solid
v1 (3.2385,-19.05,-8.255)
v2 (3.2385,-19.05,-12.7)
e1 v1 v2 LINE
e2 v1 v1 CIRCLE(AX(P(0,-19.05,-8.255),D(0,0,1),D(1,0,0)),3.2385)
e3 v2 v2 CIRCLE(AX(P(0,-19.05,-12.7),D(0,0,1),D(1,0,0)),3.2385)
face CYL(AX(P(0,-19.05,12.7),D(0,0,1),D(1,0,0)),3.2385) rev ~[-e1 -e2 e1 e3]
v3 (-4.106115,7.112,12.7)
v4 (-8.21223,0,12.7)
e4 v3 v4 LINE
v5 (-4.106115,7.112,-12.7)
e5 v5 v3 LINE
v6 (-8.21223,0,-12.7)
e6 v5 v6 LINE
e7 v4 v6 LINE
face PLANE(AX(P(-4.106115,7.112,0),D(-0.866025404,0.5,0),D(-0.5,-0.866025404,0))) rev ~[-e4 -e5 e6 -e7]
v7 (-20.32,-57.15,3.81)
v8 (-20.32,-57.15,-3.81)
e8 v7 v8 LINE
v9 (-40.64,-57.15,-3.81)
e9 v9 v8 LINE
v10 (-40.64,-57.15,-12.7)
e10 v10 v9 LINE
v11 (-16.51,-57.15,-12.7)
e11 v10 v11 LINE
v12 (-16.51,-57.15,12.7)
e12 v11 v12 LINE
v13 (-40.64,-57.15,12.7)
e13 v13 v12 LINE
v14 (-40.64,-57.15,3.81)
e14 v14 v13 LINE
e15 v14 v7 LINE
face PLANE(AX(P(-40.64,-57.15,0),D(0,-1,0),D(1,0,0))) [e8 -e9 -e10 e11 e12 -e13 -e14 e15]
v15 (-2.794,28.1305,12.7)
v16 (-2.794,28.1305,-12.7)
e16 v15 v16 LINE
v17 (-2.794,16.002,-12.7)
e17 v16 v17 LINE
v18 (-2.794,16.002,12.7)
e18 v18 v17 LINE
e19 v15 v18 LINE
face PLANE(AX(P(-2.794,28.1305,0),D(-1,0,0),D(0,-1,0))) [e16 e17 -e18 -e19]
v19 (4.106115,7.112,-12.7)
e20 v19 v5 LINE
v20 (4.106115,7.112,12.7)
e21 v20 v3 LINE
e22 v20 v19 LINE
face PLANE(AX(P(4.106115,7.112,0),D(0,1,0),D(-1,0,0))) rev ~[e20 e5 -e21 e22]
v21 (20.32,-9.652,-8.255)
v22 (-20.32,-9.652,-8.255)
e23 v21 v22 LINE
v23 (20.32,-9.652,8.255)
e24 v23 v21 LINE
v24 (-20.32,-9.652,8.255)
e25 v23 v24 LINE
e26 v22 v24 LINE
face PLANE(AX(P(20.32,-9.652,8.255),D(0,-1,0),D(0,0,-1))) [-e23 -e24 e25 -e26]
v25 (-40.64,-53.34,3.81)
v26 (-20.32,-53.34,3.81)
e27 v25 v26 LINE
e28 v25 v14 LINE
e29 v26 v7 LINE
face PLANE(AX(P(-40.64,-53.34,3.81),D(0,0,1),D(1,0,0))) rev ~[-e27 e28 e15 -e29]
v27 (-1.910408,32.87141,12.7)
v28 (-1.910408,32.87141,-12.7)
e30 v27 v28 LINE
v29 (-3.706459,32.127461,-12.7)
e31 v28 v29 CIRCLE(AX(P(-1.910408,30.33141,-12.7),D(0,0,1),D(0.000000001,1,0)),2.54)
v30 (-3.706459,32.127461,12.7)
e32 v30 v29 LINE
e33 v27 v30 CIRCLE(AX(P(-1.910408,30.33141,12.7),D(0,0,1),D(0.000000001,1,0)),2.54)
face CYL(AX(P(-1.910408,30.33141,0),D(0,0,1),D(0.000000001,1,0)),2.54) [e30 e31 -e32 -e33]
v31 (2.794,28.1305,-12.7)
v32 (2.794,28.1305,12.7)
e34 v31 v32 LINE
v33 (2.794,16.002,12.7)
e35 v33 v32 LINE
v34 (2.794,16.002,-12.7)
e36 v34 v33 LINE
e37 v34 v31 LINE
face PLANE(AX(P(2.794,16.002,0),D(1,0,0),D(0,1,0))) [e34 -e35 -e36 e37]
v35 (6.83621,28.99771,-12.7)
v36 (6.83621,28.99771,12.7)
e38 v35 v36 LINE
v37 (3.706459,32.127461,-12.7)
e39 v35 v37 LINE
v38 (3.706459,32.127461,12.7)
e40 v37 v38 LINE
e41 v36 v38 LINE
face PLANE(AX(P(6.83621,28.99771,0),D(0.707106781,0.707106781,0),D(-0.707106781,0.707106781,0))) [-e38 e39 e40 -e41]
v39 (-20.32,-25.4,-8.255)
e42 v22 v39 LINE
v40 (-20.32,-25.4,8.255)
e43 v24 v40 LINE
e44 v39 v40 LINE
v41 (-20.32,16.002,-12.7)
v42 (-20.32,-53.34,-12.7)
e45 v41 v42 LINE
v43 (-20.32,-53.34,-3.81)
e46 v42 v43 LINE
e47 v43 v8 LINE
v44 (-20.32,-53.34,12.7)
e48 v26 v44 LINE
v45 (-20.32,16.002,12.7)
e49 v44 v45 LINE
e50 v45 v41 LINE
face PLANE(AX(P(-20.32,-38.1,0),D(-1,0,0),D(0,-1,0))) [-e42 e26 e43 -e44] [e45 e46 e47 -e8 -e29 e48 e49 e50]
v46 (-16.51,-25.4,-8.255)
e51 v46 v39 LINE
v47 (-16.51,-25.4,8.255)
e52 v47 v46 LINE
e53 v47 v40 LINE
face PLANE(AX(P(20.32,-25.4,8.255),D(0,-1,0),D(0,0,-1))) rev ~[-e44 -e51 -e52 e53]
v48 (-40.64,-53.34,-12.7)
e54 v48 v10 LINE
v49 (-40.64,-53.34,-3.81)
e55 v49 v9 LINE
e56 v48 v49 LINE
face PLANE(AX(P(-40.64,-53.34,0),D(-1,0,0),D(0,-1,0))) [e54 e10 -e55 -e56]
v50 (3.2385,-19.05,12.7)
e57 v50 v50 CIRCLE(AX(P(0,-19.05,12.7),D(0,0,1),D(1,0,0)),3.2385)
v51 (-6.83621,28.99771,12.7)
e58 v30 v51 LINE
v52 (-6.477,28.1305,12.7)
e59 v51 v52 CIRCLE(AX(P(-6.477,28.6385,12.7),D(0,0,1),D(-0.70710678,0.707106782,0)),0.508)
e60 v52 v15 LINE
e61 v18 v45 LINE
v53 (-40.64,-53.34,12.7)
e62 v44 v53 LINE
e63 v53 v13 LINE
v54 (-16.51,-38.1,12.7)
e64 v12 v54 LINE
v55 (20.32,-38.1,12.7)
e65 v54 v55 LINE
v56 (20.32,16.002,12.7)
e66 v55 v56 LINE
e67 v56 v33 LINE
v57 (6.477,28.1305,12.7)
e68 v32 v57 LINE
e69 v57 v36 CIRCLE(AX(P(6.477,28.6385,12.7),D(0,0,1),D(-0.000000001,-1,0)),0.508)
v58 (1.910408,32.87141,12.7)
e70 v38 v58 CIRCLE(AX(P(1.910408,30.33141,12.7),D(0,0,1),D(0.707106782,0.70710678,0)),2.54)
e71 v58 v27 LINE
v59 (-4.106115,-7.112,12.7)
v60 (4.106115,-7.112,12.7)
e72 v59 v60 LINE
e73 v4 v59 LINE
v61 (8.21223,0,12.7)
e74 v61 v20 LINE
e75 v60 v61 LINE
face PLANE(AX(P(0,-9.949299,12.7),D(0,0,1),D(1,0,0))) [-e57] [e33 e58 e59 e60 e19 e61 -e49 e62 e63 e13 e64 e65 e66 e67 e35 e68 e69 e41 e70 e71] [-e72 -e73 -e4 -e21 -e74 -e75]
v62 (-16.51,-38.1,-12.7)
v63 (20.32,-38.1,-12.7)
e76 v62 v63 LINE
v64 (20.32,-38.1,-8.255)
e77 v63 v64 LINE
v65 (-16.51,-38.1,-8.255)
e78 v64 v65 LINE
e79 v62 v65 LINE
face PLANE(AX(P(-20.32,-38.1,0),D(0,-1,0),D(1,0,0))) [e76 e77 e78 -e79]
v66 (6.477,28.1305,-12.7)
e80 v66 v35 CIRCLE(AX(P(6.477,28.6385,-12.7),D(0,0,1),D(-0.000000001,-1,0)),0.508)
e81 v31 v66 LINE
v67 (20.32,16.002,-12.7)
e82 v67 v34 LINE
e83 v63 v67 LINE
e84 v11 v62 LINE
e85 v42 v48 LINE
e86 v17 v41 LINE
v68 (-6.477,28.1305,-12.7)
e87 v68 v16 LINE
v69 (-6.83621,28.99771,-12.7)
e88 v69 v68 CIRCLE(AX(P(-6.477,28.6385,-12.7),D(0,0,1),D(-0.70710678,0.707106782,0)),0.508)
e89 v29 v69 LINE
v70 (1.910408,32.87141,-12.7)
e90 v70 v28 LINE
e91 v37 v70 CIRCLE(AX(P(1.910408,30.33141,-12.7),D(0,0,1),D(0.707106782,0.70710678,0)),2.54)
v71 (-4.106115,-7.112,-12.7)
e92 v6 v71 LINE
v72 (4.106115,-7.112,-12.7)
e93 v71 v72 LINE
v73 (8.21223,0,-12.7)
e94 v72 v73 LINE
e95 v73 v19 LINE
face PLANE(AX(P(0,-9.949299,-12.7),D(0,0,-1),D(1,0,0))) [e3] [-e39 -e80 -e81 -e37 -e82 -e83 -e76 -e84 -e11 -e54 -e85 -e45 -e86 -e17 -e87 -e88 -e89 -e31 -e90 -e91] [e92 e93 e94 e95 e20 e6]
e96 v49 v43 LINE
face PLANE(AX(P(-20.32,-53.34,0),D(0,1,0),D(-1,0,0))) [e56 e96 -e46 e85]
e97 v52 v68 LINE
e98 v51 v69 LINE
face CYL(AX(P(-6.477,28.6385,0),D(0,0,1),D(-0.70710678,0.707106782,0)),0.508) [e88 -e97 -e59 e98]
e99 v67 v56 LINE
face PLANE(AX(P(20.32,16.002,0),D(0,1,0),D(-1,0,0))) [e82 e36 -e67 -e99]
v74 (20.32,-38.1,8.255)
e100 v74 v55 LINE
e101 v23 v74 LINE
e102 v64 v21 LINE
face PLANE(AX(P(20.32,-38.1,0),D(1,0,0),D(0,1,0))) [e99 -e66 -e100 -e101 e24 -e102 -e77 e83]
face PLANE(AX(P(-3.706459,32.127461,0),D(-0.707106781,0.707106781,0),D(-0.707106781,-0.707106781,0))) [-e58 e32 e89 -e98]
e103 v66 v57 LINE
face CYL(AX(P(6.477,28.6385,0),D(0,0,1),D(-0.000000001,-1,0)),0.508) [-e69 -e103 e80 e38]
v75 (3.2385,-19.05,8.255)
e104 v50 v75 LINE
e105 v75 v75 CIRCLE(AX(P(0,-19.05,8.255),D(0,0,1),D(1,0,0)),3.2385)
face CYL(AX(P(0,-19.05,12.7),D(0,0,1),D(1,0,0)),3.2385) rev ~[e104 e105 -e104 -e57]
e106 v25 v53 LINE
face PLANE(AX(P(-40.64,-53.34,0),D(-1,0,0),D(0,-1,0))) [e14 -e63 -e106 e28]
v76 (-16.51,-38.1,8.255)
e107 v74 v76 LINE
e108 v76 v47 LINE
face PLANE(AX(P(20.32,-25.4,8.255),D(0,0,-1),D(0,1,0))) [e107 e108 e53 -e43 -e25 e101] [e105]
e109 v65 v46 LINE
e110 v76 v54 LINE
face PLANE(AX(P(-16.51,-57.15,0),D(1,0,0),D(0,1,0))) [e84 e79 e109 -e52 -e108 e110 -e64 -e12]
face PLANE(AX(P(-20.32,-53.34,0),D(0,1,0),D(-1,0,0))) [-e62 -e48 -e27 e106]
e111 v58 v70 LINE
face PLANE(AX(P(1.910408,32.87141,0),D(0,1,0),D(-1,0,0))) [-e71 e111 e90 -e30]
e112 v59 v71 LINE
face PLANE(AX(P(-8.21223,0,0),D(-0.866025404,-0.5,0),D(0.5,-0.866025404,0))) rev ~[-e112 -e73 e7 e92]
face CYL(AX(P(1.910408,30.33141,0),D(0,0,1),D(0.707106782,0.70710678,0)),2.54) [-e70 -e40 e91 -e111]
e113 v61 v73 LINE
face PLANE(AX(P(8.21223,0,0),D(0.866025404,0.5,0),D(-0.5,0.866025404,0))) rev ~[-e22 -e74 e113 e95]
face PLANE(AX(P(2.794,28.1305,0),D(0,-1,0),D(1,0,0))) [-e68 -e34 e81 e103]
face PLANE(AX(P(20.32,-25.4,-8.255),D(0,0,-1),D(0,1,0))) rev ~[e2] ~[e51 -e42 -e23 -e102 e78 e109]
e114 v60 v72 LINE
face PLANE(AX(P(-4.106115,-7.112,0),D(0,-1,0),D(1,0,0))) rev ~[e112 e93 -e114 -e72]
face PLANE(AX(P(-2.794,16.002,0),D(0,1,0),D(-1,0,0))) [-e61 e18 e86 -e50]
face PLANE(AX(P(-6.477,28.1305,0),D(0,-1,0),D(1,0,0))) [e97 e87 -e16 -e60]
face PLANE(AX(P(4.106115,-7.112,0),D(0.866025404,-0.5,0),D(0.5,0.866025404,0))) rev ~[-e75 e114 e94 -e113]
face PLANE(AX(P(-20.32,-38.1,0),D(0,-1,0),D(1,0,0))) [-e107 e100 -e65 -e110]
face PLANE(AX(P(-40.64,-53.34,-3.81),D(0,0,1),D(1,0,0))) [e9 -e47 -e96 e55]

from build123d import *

# Parameters (mm, degrees)
BOSS_EXTRUDE1_DEPTH             = 12.7
BOSS_EXTRUDE4_REACH             = 14.7
BOSS_EXTRUDE4_DIRECTION_2_REACH = 14.7
SKETCH6_W                       = 16.51
SKETCH6_H                       = 15.748
CUT_EXTRUDE2_DEPTH              = 61.96
SKETCH11_W                      = 20.32
SKETCH11_H                      = 7.62
CUT_EXTRUDE3_DEPTH              = 3.81
SKETCH15_R                      = 3.2385
CUT_EXTRUDE4_DEPTH              = 25.4
SKETCH16_W                      = 16.51
SKETCH16_H                      = 12.7
CUT_EXTRUDE5_DEPTH              = 36.83


with BuildPart() as part:
    # Sketch1 → Boss-Extrude1 (new body, symmetric)
    with BuildSketch(Plane.XY):
        with BuildLine():
            Line((-20.32, 16.002), (-20.32, -38.1))
            Line((-20.32, -38.1), (20.32, -38.1))
            Line((20.32, -38.1), (20.32, 16.002))
            Line((20.32, 16.002), (2.794, 16.002))
            Line((2.794, 16.002), (2.794, 28.1305))
            Line((2.794, 28.1305), (6.477, 28.1305))
            ThreePointArc((6.477, 28.1305), (6.946330803, 28.444096816), (6.836210245, 28.997710245))
            Line((6.836210245, 28.997710245), (3.706459265, 32.127461224))
            ThreePointArc((3.706459265, 32.127461224), (2.882423959, 32.678064013), (1.910408041, 32.87141))
            Line((1.910408041, 32.87141), (-1.910408041, 32.87141))
            ThreePointArc((-1.910408041, 32.87141), (-2.882423959, 32.678064013), (-3.706459265, 32.127461224))
            Line((-3.706459265, 32.127461224), (-6.836210245, 28.997710245))
            ThreePointArc((-6.836210245, 28.997710245), (-6.946330803, 28.444096816), (-6.477, 28.1305))
            Line((-6.477, 28.1305), (-2.794, 28.1305))
            Line((-2.794, 28.1305), (-2.794, 16.002))
            Line((-2.794, 16.002), (-20.32, 16.002))
        make_face()
        Polygon((-4.106115114, 7.112), (-8.212230229, 0), (-4.106115114, -7.112), (4.106115114, -7.112), (8.212230229, 0), (4.106115114, 7.112), align=None, mode=Mode.SUBTRACT)
    extrude(amount=BOSS_EXTRUDE1_DEPTH, both=True)

    # Boss-Extrude4: up to this face of the body (flat: up to its plane)
    boss_extrude4_end = Plane(part.part.faces().sort_by_distance((0, -9.949298675, 12.7))[0])
    # Sketch10 → Boss-Extrude4 (add, up to the picked face)
    with BuildSketch(Plane.XY, mode=Mode.PRIVATE) as boss_extrude4_sk1:
        Polygon((-20.32, -38.1), (-20.32, -53.34), (-40.64, -53.34), (-40.64, -57.15), (-16.51, -57.15), (-16.51, -38.1), align=None)
    boss_extrude4_tool1 = split(extrude(boss_extrude4_sk1.sketch, amount=BOSS_EXTRUDE4_REACH, mode=Mode.PRIVATE), bisect_by=boss_extrude4_end, keep=Keep.BOTH, mode=Mode.PRIVATE)
    add(boss_extrude4_tool1.solids().sort_by_distance((-20.012566, -45.72, 0))[0])

    # Boss-Extrude4 direction 2: up to this face of the body (flat: up to its plane)
    boss_extrude4_direction_2_end = Plane(part.part.faces().sort_by_distance((0, -9.949298675, -12.7))[0])
    # Sketch10 → Boss-Extrude4 direction 2 (add, up to the picked face)
    with BuildSketch(Plane.XY, mode=Mode.PRIVATE) as boss_extrude4_direction_2_sk1:
        Polygon((-20.32, -38.1), (-20.32, -53.34), (-40.64, -53.34), (-40.64, -57.15), (-16.51, -57.15), (-16.51, -38.1), align=None)
    boss_extrude4_direction_2_tool1 = split(extrude(boss_extrude4_direction_2_sk1.sketch, amount=-BOSS_EXTRUDE4_DIRECTION_2_REACH, mode=Mode.PRIVATE), bisect_by=boss_extrude4_direction_2_end, keep=Keep.BOTH, mode=Mode.PRIVATE)
    add(boss_extrude4_direction_2_tool1.solids().sort_by_distance((-20.012566, -45.72, 0))[0])

    # Sketch6 → Cut-Extrude2 (cut, through all)
    with BuildSketch(Plane(origin=(20.32, 0, 0), x_dir=(0, 0, -1), z_dir=(1, 0, 0))):
        with Locations((0, -17.526)):
            Rectangle(SKETCH6_W, SKETCH6_H)
    extrude(amount=-CUT_EXTRUDE2_DEPTH, mode=Mode.SUBTRACT)

    # Sketch11 → Cut-Extrude3 (cut)
    with BuildSketch(Plane(origin=(0, -53.34, 0), x_dir=(1, 0, 0), z_dir=(0, 1, 0))):
        with Locations((-30.48, 0)):
            Rectangle(SKETCH11_W, SKETCH11_H)
    extrude(amount=-CUT_EXTRUDE3_DEPTH, mode=Mode.SUBTRACT)

    # Sketch15 → Cut-Extrude4 (cut)
    with BuildSketch(Plane.XY.offset(12.7)):
        with Locations((0, -19.05)):
            Circle(SKETCH15_R)
    extrude(amount=-CUT_EXTRUDE4_DEPTH, mode=Mode.SUBTRACT)

    # Sketch16 → Cut-Extrude5 (cut)
    with BuildSketch(Plane(origin=(20.32, 0, 0), x_dir=(0, 0, -1), z_dir=(1, 0, 0))):
        with Locations((0, -31.75)):
            Rectangle(SKETCH16_W, SKETCH16_H)
    extrude(amount=-CUT_EXTRUDE5_DEPTH, mode=Mode.SUBTRACT)


solid = part.part
